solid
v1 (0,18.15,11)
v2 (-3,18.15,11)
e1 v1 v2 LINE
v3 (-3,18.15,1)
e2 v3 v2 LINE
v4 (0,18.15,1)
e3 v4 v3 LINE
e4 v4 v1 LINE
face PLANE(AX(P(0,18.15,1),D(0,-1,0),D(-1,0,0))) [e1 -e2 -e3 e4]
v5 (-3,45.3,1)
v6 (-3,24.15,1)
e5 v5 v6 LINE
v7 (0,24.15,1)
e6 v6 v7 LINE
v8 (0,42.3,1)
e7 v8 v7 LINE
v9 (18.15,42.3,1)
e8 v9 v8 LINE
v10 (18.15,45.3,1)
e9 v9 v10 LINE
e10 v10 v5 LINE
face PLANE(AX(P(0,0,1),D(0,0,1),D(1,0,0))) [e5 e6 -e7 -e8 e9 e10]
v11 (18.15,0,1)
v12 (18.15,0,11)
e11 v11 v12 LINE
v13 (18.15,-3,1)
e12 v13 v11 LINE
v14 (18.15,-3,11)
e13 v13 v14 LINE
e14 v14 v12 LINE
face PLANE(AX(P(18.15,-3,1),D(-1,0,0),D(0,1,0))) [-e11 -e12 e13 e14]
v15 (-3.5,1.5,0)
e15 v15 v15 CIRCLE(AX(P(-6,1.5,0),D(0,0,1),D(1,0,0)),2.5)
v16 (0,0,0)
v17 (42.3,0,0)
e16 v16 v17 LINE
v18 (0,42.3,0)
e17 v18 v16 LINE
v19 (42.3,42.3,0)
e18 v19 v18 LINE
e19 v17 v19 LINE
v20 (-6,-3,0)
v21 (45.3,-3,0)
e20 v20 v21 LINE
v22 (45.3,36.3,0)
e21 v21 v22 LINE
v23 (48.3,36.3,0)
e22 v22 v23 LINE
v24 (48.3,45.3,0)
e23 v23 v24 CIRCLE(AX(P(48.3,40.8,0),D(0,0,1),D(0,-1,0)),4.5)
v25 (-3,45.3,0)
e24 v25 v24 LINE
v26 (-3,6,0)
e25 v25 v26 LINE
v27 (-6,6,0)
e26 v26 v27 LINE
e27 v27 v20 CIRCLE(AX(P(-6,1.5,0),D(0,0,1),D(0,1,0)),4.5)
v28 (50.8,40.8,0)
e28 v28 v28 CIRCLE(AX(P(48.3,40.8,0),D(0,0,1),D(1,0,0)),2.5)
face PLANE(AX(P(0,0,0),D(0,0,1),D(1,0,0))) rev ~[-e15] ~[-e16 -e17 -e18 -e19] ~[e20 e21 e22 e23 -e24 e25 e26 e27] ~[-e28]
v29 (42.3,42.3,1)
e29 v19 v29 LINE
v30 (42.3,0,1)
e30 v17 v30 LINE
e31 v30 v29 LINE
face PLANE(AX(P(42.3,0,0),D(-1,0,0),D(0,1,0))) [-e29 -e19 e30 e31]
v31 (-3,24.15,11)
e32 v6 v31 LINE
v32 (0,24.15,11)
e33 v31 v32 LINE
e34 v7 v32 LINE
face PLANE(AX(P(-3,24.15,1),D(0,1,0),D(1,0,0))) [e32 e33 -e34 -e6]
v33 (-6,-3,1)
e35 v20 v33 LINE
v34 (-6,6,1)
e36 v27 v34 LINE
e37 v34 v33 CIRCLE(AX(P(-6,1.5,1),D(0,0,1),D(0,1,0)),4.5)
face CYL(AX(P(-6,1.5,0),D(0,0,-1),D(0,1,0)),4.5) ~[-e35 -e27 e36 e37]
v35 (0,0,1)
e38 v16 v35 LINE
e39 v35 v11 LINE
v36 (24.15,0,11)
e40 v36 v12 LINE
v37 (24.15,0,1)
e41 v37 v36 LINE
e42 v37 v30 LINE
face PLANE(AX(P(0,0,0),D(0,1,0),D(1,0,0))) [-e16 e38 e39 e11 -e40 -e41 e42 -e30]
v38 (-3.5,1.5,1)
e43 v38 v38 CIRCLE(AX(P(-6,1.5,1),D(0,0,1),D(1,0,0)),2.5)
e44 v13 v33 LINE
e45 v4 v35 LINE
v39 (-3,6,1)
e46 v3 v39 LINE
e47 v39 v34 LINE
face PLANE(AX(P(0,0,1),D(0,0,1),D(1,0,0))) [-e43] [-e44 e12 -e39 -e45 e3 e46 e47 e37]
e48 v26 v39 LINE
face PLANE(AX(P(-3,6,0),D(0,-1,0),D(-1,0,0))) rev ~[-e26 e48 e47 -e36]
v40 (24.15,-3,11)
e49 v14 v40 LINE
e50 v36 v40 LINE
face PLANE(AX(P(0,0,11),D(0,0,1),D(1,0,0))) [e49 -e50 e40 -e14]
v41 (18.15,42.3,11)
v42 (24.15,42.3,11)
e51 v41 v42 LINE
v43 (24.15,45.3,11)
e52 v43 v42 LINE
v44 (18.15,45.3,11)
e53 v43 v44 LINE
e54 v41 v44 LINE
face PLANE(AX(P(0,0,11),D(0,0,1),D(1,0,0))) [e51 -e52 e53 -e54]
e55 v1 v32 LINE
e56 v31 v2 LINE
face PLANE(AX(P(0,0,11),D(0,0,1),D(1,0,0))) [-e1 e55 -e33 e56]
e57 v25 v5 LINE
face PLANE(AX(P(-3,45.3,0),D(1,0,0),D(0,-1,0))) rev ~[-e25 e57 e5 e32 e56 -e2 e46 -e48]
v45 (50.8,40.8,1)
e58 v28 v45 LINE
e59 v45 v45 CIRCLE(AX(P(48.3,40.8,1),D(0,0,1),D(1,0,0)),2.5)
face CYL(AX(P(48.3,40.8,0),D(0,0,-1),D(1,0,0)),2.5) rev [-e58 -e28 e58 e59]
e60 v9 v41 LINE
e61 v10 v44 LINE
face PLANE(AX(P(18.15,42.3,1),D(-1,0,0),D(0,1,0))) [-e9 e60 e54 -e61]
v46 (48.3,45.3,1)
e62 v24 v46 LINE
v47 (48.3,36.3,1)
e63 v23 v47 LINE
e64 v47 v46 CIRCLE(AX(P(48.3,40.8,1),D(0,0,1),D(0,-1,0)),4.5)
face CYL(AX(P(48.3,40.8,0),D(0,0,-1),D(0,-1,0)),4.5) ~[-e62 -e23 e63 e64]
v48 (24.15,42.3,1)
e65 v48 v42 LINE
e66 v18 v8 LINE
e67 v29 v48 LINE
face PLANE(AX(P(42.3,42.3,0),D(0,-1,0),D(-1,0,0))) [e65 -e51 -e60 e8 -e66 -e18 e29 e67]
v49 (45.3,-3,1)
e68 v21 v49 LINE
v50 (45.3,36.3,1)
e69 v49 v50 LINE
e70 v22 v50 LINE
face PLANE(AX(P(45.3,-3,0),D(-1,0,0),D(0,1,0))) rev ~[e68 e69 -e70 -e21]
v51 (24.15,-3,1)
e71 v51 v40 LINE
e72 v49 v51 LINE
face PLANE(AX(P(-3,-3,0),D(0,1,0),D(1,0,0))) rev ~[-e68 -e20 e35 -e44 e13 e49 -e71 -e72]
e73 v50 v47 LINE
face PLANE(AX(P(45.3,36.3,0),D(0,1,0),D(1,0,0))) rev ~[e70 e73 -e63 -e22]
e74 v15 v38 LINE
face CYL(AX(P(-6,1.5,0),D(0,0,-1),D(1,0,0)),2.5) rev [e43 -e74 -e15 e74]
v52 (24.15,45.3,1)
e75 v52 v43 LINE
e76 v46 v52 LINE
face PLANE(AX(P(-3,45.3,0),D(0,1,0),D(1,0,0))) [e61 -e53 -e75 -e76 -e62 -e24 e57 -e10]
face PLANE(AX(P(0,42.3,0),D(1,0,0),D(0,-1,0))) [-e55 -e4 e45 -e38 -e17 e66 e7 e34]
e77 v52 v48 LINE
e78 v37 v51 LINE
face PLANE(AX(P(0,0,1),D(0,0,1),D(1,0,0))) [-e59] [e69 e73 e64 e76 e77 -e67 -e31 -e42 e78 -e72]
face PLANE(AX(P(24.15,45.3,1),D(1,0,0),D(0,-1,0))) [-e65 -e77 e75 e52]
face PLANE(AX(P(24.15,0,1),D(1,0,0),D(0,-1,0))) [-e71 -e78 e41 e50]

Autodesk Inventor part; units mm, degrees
ref_plane "YZ Plane" through (0, 0, 0) normal (1, 0, 0) x (0, 1, 0)
ref_plane "XZ Plane" through (0, 0, 0) normal (0, 1, 0) x (-1, 0, 0)
ref_plane "XY Plane" through (0, 0, 0) normal (0, 0, 1) x (1, 0, 0)
sketch "Sketch1" plane through (0, 0, 0) normal (0, 0, 1) x (1, 0, 0)
  line L0 (0, 0) -> (42.3, 0)
  line L1 (42.3, 0) -> (42.3, 42.3)
  line L2 (42.3, 42.3) -> (0, 42.3)
  line L3 (0, 42.3) -> (0, 0)
  line L4 (45.3, -3) -> (45.3, 45.3)
  line L5 (-3, 45.3) -> (-3, -3)
  line L6 (-6, -3) -> (45.3, -3)
  line L7 (-3, 45.3) -> (48.3, 45.3)
  circle A0 centre (48.3, 40.8) radius 2.5
  arc A1 (48.3, 36.3) -> (48.3, 45.3) centre (48.3, 40.8) ccw
  line L8 (45.3, 36.3) -> (48.3, 36.3)
  circle A2 centre (-6, 1.5) radius 2.5
  arc A3 (-6, 6) -> (-6, -3) centre (-6, 1.5) ccw
  line L9 (-3, 6) -> (-6, 6)
  point P0 (45.3, 42.3)
  point P1 (45.3, 0)
  point P2 (-3, 0)
  point P3 (-3, 42.3)
  dimension "d0" = 42.3
  dimension "d1" = 42.3
  dimension "d3" = 3
  dimension "d5" = 3
  dimension "d29" = 3
  dimension "d43" = 3
  dimension "d50" = 5
  dimension "d51" = 9
  dimension "d52" = 3
  dimension "d61" = 5
  dimension "d62" = 9
  dimension "d63" = 3
extrude "Extrusion7" add sketch "Sketch1" along normal blind 1
sketch "Sketch3" plane through (0, 0, 1) normal (0, 0, 1) x (1, 0, 0)
  line L0 (0, 0) -> (0, 42.3) projected
  line L1 (0, 42.3) -> (42.3, 42.3) projected
  line L2 (42.3, 42.3) -> (42.3, 0) projected
  line L3 (42.3, 0) -> (0, 0) projected
  circle A0 centre (48.3, 40.8) radius 2.5 projected
  circle A1 centre (-6, 1.5) radius 2.5 projected
  line L4 (-3, 6) -> (-6, 6) projected
  arc A2 (-6, 6) -> (-6, -3) centre (-6, 1.5) ccw projected
  line L5 (-6, -3) -> (45.3, -3) projected
  line L6 (45.3, -3) -> (45.3, 36.3) projected
  line L7 (45.3, 36.3) -> (48.3, 36.3) projected
  arc A3 (48.3, 36.3) -> (48.3, 45.3) centre (48.3, 40.8) ccw projected
  line L8 (48.3, 45.3) -> (-3, 45.3) projected
  line L9 (-3, 45.3) -> (-3, 6) projected
  line L10 (0, 42.3) -> (0, 0) projected
  line L11 (-3, 24.15) -> (0, 24.15)
  line L12 (0, 24.15) -> (0, 18.15)
  line L13 (0, 18.15) -> (-3, 18.15)
  line L14 (-3, 18.15) -> (-3, 24.15)
  line L15 (42.3, 24.15) -> (45.3, 24.15)
  line L16 (45.3, 24.15) -> (45.3, 18.15)
  line L17 (45.3, 18.15) -> (42.3, 18.15)
  line L18 (42.3, 18.15) -> (42.3, 24.15)
  line L19 (18.15, 45.3) -> (24.15, 45.3)
  line L20 (24.15, 45.3) -> (24.15, 42.3)
  line L21 (24.15, 42.3) -> (18.15, 42.3)
  line L22 (18.15, 42.3) -> (18.15, 45.3)
  line L23 (42.3, 0) -> (0, 0) projected
  line L24 (18.15, 0) -> (24.15, 0)
  line L25 (24.15, 0) -> (24.15, -3)
  line L26 (24.15, -3) -> (18.15, -3)
  line L27 (18.15, -3) -> (18.15, 0)
  dimension "d66" = 6
  dimension "d67" = 6
  dimension "d68" = 6
  dimension "d69" = 6
  dimension "d70" = 18.15
  dimension "d71" = 18.15
  dimension "d72" = 18.15
extrude "Extrusion9" add sketch "Sketch3" along normal blind 10 contours L13 L9 L11 L0 | L3 L25 L5 L27 | L22 L8 L20 L1
properties part number "Stepper_Motor_Holder-SquareBar-Rev3"
